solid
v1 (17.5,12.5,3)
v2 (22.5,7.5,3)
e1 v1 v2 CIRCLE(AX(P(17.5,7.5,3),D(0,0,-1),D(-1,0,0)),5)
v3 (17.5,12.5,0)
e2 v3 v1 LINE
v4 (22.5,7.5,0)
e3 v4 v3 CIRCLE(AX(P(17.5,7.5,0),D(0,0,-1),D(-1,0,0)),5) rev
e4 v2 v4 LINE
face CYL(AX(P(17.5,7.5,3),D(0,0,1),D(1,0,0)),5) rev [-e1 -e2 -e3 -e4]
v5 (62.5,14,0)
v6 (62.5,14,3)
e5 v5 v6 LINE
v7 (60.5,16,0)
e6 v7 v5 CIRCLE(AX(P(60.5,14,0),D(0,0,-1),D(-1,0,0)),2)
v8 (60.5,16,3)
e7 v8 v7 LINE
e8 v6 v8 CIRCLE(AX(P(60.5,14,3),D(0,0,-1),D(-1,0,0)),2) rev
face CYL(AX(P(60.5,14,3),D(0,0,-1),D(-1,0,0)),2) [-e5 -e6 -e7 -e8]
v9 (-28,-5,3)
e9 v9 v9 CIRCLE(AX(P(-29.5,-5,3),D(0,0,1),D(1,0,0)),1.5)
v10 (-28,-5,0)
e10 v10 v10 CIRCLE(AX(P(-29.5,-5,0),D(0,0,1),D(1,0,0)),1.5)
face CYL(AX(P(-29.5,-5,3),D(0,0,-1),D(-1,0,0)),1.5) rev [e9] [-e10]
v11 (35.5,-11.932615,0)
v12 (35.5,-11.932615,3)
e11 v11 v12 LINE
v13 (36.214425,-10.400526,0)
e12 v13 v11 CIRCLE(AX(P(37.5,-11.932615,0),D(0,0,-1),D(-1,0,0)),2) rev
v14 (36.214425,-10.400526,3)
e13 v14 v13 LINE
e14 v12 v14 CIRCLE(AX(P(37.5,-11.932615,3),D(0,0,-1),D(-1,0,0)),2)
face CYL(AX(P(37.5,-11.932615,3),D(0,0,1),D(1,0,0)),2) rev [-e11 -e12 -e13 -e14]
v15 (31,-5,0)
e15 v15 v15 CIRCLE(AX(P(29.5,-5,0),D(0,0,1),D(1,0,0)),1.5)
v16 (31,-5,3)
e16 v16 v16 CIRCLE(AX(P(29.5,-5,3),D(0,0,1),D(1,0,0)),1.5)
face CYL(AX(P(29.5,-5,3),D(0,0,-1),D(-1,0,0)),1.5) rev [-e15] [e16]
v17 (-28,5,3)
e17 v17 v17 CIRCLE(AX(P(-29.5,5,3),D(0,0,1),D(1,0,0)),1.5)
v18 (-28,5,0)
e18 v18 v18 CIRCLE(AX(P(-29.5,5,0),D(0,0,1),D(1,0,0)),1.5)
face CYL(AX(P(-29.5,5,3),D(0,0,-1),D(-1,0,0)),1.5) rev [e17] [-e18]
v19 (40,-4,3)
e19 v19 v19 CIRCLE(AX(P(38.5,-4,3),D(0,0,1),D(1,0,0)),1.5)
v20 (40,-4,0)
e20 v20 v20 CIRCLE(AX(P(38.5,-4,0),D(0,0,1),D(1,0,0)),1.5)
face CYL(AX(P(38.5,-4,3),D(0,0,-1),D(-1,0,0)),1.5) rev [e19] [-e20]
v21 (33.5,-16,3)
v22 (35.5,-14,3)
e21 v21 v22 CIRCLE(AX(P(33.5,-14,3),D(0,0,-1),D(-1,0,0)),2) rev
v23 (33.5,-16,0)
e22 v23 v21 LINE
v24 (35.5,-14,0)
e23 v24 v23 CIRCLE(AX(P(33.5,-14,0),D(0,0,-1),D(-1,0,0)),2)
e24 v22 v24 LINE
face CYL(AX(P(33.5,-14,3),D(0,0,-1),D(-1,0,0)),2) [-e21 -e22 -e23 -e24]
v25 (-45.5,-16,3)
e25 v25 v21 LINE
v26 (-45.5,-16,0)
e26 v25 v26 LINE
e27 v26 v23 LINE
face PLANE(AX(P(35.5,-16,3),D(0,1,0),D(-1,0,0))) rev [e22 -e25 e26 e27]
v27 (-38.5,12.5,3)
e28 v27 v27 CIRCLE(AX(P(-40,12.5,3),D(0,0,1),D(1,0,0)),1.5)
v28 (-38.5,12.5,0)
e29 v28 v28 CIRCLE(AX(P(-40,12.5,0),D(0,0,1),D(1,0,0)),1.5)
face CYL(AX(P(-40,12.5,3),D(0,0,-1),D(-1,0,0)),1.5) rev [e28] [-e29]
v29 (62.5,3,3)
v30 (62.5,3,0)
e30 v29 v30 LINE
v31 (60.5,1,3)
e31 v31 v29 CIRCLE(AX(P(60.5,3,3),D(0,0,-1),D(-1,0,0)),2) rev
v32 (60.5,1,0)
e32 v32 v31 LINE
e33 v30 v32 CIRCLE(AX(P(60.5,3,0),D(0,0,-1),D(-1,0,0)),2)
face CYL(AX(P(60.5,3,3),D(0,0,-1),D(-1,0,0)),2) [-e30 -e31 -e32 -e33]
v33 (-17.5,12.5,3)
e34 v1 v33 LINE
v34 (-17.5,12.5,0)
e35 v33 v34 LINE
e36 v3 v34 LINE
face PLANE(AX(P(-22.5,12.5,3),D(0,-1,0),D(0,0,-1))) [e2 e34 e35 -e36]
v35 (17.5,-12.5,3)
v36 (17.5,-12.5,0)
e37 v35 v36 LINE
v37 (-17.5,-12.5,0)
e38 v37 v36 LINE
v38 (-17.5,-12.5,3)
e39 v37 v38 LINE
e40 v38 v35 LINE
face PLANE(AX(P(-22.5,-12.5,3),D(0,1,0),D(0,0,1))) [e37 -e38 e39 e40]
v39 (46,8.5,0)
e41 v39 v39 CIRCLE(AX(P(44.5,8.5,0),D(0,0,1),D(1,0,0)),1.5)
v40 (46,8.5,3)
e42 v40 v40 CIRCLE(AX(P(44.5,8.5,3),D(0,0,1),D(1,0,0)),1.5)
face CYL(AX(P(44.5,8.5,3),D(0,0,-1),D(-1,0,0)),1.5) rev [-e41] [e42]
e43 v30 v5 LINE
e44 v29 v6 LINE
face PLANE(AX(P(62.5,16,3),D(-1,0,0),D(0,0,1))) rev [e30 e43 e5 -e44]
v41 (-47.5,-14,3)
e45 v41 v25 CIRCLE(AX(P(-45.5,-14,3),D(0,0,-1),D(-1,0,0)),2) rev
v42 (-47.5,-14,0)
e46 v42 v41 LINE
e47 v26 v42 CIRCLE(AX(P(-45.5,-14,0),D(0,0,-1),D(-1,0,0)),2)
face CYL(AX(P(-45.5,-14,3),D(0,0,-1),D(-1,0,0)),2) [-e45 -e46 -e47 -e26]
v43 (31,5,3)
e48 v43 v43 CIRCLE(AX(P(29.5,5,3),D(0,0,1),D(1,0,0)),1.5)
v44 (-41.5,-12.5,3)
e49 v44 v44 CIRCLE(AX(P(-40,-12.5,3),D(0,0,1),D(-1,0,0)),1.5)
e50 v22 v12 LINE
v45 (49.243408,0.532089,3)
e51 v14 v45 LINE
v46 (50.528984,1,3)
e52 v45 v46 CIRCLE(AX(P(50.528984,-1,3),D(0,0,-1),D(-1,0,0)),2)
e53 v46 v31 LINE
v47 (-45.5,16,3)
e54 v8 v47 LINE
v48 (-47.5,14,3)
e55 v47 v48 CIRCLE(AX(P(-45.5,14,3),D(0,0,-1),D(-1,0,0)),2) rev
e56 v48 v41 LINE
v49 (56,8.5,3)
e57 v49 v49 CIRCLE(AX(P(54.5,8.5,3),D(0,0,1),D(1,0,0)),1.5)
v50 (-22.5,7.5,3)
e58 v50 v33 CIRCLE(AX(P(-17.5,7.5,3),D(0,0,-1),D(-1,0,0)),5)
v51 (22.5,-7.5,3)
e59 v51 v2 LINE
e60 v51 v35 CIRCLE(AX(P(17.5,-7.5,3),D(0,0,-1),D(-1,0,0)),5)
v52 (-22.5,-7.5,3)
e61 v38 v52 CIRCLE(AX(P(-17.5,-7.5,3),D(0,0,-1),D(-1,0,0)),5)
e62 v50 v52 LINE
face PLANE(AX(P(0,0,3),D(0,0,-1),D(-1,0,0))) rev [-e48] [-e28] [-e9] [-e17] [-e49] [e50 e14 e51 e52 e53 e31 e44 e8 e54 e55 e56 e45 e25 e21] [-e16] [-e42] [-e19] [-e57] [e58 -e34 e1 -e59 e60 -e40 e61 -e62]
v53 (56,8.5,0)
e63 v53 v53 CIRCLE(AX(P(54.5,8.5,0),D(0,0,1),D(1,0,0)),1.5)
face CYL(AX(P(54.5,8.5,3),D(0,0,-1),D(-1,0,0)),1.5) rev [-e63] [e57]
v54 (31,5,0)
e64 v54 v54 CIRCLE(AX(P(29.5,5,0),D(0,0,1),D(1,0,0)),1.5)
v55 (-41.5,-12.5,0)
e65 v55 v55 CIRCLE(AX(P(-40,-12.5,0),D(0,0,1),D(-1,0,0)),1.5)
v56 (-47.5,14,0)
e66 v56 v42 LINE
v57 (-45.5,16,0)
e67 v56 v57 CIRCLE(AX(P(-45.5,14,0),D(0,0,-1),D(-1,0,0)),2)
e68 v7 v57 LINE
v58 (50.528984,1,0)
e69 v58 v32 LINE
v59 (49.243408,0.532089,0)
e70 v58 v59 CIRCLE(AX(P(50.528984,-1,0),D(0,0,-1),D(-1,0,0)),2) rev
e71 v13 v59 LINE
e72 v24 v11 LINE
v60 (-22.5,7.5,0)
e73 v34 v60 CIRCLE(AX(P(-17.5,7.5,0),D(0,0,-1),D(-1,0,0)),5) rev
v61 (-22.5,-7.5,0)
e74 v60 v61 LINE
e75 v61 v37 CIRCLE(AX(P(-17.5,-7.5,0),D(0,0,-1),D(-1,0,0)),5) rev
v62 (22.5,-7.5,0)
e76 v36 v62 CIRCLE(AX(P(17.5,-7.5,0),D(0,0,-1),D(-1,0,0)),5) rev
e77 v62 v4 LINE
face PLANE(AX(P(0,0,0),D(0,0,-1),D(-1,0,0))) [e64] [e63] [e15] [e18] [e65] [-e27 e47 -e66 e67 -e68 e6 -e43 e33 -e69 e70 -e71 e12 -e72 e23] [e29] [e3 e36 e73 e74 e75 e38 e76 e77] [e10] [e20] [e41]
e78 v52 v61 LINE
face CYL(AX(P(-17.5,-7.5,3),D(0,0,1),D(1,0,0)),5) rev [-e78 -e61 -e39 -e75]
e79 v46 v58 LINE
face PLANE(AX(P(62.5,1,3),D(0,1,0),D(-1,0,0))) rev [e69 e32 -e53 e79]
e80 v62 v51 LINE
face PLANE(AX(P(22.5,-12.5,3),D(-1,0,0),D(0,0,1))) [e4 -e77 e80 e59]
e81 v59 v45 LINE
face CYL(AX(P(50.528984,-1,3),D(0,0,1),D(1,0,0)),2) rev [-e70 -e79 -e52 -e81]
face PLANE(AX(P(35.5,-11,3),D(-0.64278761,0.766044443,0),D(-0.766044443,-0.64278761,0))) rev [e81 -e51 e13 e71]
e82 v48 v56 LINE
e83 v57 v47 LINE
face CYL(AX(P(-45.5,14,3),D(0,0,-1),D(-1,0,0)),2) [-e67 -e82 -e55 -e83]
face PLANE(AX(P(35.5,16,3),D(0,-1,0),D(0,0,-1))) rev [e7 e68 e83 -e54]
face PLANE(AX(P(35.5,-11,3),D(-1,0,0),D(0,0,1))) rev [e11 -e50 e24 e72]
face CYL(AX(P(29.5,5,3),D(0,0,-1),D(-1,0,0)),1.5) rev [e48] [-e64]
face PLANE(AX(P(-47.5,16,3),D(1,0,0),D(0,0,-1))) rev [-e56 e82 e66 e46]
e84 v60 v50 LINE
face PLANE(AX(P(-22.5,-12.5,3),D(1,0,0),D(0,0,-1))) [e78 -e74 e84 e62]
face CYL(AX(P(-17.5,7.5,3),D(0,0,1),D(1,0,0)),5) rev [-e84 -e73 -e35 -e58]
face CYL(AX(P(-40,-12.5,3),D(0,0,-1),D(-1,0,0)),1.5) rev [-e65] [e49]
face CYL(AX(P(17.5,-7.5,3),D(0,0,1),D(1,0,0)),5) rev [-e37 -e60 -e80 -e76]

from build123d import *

# Parameters (mm, degrees)
SKETCH_1_R      = 1.5
SKETCH_1_W      = 45
SKETCH_1_H      = 25
EXTRUDE_1_DEPTH = 3
FILLET_1_R      = 2
FILLET_2_R      = 5


with BuildPart() as part:
    # 草图1 → 凸台-拉伸1 (new body)
    with BuildSketch(Plane.XY):
        Polygon((-47.5, 16), (-47.5, -16), (35.5, -16), (35.5, -11), (49.801043111, 1), (62.5, 1), (62.5, 16), (35.5, 16), align=None)
        with Locations((-29.5, 5)):
            Circle(SKETCH_1_R, mode=Mode.SUBTRACT)
        with Locations((-29.5, -5)):
            Circle(SKETCH_1_R, mode=Mode.SUBTRACT)
        with Locations((29.5, 5)):
            Circle(SKETCH_1_R, mode=Mode.SUBTRACT)
        with Locations((29.5, -5)):
            Circle(SKETCH_1_R, mode=Mode.SUBTRACT)
        with Locations((44.5, 8.5)):
            Circle(SKETCH_1_R, mode=Mode.SUBTRACT)
        with Locations((54.5, 8.5)):
            Circle(SKETCH_1_R, mode=Mode.SUBTRACT)
        with Locations((-40, 12.5)):
            Circle(SKETCH_1_R, mode=Mode.SUBTRACT)
        with Locations(Location((-40, -12.5, 0), (0, 0, 180))):
            Circle(SKETCH_1_R, mode=Mode.SUBTRACT)
        with Locations((38.5, -4)):
            Circle(SKETCH_1_R, mode=Mode.SUBTRACT)
        Rectangle(SKETCH_1_W, SKETCH_1_H, mode=Mode.SUBTRACT)
    extrude(amount=EXTRUDE_1_DEPTH)

    # 圆角1
    fillet_1_edges = [part.edges().sort_by_distance(p)[0] for p in [
        (62.5, 16, 1.5),
        (62.5, 1, 1.5),
        (49.801043111, 1, 1.5),
        (35.5, -11, 1.5),
        (35.5, -16, 1.5),
        (-47.5, -16, 1.5),
        (-47.5, 16, 1.5),
    ]]
    fillet(fillet_1_edges, radius=FILLET_1_R)

    # 圆角2
    fillet_2_edges = [part.edges().sort_by_distance(p)[0] for p in [
        (22.5, -12.5, 1.5),
        (22.5, 12.5, 1.5),
        (-22.5, 12.5, 1.5),
        (-22.5, -12.5, 1.5),
    ]]
    fillet(fillet_2_edges, radius=FILLET_2_R)


solid = part.part
